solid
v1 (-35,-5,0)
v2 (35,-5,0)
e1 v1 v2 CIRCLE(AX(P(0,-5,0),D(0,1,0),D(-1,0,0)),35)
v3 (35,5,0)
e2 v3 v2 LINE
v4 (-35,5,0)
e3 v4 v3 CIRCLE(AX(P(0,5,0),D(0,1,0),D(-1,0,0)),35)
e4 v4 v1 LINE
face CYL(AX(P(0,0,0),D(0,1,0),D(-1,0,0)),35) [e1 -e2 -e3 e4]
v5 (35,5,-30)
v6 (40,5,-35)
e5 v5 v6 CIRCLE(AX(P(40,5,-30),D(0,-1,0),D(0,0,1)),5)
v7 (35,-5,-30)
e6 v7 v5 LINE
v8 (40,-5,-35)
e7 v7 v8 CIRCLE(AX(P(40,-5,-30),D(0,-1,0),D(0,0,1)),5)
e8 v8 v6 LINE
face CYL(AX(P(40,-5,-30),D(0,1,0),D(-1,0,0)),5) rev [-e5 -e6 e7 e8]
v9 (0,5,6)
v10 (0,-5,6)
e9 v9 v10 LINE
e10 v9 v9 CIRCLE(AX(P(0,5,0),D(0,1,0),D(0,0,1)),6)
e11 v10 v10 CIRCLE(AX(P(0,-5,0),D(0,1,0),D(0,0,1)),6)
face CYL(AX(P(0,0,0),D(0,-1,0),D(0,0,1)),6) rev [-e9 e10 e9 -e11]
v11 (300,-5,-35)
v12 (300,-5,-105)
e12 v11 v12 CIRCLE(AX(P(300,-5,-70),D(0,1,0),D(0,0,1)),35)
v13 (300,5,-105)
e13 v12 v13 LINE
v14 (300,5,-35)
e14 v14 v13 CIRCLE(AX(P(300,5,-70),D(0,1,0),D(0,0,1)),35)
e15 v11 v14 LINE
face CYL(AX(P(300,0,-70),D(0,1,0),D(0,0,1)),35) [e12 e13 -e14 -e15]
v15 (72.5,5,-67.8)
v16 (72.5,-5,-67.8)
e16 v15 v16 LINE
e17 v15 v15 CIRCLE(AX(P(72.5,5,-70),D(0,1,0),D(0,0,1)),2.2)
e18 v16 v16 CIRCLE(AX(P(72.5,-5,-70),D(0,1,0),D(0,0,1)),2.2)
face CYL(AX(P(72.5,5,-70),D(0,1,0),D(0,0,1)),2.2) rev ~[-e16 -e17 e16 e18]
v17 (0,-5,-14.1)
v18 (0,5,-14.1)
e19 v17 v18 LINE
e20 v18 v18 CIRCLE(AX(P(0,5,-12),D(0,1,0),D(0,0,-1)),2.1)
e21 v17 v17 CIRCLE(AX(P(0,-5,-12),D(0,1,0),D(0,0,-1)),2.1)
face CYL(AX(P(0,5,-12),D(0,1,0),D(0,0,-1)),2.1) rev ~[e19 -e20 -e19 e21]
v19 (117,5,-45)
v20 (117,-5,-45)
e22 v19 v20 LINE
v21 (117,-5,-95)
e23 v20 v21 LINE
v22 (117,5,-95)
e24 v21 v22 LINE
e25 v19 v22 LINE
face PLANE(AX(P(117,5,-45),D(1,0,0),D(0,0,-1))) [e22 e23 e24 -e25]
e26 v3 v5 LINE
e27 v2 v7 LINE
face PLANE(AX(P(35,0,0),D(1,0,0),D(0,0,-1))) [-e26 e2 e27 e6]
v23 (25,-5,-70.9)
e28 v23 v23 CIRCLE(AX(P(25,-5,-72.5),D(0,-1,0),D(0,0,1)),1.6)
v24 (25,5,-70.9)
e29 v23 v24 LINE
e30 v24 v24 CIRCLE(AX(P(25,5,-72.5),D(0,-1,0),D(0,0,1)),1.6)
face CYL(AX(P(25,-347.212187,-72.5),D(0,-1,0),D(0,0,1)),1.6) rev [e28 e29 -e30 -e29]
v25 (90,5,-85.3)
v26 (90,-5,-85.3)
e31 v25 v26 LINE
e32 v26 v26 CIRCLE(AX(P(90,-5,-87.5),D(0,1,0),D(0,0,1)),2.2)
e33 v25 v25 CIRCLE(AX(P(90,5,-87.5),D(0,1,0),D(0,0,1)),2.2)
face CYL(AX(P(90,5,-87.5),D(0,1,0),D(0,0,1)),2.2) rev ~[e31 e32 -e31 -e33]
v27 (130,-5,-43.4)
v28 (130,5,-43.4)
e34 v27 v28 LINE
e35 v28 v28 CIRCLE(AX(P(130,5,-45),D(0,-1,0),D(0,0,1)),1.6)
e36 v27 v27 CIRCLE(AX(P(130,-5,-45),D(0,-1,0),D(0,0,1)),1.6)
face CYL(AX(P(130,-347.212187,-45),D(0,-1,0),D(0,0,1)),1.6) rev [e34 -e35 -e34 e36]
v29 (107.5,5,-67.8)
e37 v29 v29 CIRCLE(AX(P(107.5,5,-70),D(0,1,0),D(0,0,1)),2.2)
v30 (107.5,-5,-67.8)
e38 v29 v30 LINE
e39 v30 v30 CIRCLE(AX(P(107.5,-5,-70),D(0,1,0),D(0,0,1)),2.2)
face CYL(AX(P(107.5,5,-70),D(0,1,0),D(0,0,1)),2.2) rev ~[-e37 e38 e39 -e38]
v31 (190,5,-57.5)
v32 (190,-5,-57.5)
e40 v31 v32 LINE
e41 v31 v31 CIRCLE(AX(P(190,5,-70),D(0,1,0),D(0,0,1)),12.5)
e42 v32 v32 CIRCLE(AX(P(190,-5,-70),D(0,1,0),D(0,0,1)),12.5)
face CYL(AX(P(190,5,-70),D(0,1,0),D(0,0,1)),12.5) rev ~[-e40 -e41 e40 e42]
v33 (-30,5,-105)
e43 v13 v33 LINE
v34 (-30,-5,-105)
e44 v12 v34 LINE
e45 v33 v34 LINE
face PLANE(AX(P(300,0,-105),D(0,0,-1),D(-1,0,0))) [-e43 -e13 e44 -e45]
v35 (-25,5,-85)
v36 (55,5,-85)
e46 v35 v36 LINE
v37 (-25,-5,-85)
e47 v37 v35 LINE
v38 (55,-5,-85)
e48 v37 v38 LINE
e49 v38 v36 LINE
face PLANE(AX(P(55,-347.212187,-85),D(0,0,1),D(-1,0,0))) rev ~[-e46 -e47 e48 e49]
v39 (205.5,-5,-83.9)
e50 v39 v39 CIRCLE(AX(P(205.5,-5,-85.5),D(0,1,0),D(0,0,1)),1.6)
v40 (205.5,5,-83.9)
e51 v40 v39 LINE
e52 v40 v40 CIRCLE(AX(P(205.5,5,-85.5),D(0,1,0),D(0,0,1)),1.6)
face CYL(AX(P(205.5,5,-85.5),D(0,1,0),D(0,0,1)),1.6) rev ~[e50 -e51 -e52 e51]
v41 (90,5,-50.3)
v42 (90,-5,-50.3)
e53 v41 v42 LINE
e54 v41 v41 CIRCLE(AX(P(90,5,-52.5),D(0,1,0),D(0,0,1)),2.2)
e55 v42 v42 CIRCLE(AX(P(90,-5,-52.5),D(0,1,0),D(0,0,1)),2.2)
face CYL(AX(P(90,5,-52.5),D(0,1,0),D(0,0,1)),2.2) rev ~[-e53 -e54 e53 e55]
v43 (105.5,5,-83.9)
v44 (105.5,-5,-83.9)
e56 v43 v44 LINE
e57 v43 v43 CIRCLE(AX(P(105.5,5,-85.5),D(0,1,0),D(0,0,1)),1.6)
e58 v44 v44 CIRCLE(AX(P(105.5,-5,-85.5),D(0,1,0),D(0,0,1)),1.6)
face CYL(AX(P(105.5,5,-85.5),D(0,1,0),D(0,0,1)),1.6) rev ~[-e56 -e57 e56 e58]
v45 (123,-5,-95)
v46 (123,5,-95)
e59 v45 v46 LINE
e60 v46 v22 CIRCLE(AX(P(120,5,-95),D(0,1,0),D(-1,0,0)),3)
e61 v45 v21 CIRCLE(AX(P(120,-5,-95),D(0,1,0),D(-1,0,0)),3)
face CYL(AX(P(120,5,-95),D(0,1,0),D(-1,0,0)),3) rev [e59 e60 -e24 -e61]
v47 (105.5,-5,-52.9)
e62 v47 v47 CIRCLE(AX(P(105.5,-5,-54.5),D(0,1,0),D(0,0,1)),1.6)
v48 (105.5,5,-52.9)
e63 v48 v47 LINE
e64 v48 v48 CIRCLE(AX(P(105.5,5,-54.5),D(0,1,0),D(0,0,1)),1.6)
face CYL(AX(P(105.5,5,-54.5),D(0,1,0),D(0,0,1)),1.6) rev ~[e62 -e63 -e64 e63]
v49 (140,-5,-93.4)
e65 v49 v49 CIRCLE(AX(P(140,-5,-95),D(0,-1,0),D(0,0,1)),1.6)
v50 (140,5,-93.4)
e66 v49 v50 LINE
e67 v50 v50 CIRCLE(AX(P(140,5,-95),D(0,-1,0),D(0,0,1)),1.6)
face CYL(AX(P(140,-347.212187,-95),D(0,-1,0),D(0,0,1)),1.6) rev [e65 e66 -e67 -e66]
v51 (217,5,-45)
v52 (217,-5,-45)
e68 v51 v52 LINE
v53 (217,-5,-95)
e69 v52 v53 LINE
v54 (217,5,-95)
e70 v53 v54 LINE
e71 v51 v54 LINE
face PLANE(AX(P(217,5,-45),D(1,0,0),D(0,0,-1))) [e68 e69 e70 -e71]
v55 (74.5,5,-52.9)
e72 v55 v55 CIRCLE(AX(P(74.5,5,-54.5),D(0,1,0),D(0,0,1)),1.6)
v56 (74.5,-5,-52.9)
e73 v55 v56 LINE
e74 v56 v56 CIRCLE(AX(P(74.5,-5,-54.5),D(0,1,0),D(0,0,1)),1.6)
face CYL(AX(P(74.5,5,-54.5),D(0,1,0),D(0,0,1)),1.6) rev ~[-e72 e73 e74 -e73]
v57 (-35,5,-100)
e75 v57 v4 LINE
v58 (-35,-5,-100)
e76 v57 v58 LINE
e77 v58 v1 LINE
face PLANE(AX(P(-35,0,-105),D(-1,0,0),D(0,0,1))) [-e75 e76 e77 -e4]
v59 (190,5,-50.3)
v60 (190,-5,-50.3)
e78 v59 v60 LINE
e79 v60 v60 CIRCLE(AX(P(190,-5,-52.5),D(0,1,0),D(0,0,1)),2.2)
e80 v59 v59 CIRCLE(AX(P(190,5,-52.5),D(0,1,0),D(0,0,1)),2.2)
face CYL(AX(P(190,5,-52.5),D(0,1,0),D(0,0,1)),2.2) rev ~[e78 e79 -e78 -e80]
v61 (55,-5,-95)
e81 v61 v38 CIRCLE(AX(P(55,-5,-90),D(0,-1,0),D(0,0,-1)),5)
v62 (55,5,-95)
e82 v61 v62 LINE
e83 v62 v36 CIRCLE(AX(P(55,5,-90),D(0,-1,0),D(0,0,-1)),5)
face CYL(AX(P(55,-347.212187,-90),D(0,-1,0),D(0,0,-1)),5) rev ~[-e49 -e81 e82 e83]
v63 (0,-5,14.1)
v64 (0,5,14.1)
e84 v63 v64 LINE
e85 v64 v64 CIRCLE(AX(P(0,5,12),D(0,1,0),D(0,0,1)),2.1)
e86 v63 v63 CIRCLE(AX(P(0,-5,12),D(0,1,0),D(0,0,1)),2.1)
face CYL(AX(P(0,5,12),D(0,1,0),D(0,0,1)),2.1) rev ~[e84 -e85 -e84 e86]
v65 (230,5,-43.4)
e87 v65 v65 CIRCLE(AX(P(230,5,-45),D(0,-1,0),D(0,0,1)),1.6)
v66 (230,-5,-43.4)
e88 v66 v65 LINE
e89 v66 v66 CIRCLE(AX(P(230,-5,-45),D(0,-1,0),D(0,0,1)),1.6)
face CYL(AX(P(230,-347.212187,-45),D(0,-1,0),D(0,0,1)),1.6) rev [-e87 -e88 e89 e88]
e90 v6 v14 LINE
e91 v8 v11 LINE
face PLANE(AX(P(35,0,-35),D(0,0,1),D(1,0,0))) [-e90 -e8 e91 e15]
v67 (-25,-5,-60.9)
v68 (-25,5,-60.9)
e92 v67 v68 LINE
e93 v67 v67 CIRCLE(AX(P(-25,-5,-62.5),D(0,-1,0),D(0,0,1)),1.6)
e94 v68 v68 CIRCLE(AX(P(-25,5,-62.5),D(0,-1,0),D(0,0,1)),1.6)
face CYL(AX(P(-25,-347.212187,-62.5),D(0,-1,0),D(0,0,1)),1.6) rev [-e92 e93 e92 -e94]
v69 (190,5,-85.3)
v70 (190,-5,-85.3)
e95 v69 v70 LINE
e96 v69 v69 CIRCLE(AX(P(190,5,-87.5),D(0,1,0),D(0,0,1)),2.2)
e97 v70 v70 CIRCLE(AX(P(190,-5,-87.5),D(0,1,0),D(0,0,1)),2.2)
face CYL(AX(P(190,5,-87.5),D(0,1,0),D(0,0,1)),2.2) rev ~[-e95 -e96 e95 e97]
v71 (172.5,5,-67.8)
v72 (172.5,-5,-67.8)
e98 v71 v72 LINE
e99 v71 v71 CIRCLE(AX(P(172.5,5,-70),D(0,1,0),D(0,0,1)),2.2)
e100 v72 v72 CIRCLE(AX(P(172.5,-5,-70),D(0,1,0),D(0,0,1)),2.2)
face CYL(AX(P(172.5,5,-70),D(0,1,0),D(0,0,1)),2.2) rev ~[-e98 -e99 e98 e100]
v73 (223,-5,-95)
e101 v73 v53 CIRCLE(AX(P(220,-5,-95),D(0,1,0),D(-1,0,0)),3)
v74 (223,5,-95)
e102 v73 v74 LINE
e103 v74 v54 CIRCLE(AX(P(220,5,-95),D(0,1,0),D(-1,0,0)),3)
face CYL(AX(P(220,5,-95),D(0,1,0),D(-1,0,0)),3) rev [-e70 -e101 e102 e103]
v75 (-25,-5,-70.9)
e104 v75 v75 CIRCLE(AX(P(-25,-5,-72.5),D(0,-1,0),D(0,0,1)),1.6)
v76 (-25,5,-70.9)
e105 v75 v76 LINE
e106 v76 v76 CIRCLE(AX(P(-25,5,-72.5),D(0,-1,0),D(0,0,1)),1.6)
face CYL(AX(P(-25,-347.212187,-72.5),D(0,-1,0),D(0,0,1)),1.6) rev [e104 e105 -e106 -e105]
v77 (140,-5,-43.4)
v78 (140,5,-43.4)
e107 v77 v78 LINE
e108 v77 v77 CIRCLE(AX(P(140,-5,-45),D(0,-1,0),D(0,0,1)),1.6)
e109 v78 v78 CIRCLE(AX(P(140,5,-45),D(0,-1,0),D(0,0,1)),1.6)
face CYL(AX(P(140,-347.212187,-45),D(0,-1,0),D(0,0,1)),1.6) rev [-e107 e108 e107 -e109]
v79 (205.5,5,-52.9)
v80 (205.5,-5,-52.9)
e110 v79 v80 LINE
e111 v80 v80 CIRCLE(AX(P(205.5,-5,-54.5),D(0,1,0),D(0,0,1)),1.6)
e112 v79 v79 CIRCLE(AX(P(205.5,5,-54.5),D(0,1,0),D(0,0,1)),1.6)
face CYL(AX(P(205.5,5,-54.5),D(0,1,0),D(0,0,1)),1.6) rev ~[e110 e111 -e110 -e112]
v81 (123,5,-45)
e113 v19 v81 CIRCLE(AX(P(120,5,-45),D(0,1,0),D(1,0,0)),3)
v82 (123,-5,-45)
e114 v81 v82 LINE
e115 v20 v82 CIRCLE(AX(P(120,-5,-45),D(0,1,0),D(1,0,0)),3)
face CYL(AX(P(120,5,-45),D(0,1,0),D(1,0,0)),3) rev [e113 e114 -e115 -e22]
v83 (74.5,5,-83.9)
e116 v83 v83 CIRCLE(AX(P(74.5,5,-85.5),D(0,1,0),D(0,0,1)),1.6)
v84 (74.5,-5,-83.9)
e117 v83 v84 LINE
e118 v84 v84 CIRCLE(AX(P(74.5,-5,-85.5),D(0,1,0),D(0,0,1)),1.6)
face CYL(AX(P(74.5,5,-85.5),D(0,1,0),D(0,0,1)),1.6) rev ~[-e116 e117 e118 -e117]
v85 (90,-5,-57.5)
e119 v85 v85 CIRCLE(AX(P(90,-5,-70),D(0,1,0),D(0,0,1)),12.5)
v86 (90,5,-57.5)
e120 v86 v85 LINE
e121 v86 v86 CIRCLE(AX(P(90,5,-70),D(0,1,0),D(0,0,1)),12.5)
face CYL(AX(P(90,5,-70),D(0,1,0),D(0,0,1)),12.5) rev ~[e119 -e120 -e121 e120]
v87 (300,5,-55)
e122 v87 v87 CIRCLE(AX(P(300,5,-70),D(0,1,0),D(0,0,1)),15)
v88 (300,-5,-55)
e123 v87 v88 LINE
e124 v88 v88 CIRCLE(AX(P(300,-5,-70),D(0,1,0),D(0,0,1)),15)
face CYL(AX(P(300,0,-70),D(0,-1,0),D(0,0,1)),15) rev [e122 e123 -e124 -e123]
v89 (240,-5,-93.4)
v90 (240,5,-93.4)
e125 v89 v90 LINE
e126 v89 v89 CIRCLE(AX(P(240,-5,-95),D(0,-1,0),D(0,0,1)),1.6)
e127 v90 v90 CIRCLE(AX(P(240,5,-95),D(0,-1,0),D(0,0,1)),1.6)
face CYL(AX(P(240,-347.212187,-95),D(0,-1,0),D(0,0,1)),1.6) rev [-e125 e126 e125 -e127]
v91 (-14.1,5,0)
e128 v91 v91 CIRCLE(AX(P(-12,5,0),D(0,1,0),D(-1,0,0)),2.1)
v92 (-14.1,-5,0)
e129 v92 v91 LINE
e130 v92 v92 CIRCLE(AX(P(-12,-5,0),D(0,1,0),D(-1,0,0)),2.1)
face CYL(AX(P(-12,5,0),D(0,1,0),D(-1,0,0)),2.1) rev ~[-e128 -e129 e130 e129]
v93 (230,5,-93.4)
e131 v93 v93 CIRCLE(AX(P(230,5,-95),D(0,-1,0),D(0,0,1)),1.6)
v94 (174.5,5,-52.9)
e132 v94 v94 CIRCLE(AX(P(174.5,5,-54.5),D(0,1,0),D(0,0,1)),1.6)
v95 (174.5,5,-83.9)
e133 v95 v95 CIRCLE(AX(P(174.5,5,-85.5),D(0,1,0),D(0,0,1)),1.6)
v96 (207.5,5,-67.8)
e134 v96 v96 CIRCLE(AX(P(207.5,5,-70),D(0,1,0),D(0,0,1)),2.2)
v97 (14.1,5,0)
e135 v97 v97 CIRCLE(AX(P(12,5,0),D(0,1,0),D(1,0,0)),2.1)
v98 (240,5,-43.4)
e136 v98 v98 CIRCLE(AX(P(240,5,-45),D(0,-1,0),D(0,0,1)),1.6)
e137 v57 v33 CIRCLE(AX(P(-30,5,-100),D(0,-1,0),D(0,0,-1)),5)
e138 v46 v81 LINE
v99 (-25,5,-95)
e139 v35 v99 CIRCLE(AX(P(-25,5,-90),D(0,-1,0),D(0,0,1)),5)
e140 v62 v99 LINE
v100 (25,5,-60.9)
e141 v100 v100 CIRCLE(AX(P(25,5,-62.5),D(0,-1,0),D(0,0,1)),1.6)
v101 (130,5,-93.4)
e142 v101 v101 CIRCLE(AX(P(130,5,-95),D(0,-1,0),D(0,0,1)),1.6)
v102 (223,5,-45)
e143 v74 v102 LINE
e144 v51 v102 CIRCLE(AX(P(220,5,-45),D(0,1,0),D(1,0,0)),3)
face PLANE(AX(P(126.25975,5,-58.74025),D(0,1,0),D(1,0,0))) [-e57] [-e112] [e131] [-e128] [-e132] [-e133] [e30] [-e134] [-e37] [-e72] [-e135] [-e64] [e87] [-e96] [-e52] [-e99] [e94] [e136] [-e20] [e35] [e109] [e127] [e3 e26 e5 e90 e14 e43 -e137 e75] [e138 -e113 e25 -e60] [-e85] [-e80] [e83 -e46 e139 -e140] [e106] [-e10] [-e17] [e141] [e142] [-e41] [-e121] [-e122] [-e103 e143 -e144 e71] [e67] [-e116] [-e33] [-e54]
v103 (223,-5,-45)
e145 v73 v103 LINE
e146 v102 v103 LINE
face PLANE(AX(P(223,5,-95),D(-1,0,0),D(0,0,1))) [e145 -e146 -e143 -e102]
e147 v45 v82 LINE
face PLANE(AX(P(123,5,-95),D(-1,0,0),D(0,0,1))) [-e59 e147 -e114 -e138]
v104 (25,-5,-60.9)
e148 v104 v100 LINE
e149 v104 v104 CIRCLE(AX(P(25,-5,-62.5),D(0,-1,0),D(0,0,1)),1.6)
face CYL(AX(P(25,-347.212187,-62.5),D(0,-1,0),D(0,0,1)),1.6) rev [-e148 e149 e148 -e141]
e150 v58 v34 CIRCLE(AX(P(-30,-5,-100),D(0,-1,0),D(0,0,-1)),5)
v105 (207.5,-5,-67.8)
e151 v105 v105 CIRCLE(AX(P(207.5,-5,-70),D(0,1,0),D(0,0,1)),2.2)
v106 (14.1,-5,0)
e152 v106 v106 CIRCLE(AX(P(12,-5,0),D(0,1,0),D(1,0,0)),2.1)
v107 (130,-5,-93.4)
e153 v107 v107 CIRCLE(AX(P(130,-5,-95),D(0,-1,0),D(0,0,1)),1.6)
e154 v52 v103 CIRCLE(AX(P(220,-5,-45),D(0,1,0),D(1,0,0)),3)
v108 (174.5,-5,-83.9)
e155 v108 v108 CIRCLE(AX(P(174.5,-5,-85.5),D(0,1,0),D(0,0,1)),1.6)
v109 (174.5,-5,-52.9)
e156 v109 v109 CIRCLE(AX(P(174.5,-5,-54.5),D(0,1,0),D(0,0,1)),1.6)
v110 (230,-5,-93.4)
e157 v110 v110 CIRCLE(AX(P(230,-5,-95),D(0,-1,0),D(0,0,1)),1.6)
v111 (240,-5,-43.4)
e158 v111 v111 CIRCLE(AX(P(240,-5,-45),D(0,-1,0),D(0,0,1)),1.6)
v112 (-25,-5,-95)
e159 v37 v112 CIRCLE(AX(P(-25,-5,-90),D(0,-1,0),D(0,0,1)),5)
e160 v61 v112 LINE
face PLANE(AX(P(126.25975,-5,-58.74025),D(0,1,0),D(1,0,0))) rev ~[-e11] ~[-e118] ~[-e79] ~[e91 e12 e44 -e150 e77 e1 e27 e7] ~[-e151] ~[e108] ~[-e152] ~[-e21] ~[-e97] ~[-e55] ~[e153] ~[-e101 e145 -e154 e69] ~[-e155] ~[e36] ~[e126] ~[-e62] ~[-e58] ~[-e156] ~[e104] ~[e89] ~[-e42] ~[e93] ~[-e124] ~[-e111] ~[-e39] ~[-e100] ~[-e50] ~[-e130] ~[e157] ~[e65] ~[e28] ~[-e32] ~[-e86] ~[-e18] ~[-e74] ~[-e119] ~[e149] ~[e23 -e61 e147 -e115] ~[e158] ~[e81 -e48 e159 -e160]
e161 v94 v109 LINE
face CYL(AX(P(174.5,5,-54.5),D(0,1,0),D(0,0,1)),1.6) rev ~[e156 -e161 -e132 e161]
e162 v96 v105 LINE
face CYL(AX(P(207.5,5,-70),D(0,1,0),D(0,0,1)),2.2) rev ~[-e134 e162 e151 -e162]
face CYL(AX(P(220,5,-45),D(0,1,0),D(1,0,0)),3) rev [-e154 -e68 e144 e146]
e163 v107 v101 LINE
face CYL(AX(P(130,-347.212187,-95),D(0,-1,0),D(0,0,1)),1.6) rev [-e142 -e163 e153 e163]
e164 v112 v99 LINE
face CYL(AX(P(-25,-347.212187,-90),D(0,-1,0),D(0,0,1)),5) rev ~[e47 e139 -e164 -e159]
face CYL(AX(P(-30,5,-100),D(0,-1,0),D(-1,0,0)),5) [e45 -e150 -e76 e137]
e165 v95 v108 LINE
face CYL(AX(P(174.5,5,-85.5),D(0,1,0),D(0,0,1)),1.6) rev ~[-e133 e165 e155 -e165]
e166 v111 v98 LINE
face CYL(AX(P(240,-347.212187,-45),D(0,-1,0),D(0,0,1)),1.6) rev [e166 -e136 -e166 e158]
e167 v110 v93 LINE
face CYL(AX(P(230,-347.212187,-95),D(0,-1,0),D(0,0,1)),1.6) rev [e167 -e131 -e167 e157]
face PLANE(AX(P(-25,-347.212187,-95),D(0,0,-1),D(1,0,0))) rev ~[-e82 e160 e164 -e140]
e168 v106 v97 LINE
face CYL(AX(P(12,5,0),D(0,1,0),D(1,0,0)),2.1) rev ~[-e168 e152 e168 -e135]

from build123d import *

# Parameters (mm, degrees)
SKETCH1_R               = 6
SKETCH1_R_2             = 15
BOSS_EXTRUDE1_DEPTH     = 5
FILLET1_R               = 5
SKETCH3_R               = 2.1
CUT_EXTRUDE1_DEPTH      = 352.212186577
CIRPATTERN1_COUNT       = 4
CUT_EXTRUDE2_DEPTH      = 352.212186577
CUT_EXTRUDE2_DEPTH_BACK = 352.212186577
SKETCH4_R               = 1.6
SKETCH5_R               = 1.6
SKETCH5_R_2             = 12.5
CUT_EXTRUDE3_DEPTH      = 352.212186577
SKETCH7_R               = 2.2
CUT_EXTRUDE5_DEPTH      = 352.212186577
LPATTERN1_COUNT         = 2
LPATTERN1_PITCH         = 100
CUT_EXTRUDE4_DEPTH      = 352.212186577
CUT_EXTRUDE4_DEPTH_BACK = 352.212186577


with BuildPart() as part:
    # Sketch1 → Boss-Extrude1 (new, symmetric)
    with BuildSketch(Plane(origin=(0, 0, 0), x_dir=(1, 0, 0), z_dir=(0, 1, 0))):
        with BuildLine():
            Line((35, 0), (35, 35))
            Line((35, 35), (300, 35))
            ThreePointArc((300, 35), (335, 70), (300, 105))
            Line((300, 105), (-35, 105))
            Line((-35, 105), (-35, 0))
            ThreePointArc((-35, 0), (0, -35), (35, 0))
        make_face()
        with Locations(Location((0, 0, 0), (0, 0, 270))):
            Circle(SKETCH1_R, mode=Mode.SUBTRACT)
        with Locations(Location((300, 70, 0), (0, 0, 270))):
            Circle(SKETCH1_R_2, mode=Mode.SUBTRACT)
    extrude(amount=BOSS_EXTRUDE1_DEPTH, both=True)

    # Fillet1
    fillet1_edges = [part.edges().sort_by_distance(p)[0] for p in [
        (-35, 0, -105),
        (35, 0, -35),
    ]]
    fillet(fillet1_edges, radius=FILLET1_R)

    # Sketch3 → Cut-Extrude1 (cut, symmetric)
    with BuildSketch(Plane(origin=(0, 5, 0), x_dir=(1, 0, 0), z_dir=(0, 1, 0))):
        with Locations(Location((0, -12, 0), (0, 0, 270))):
            Circle(SKETCH3_R)
    cut_extrude1 = extrude(amount=CUT_EXTRUDE1_DEPTH, both=True, mode=Mode.SUBTRACT)

    # CirPattern1: Cut-Extrude1 ×4 about axis
    cirpattern1_axis = Axis((0, 0, 0), (0, 1, 0))
    for i in range(1, CIRPATTERN1_COUNT):
        add(cut_extrude1.rotate(cirpattern1_axis, i * 360 / CIRPATTERN1_COUNT), mode=Mode.SUBTRACT)

    # Sketch4 → Cut-Extrude2 (cut, two sides: drawn at the far end of the back side and taken through both)
    with BuildSketch(Plane(origin=(0, 5, 0), x_dir=(1, 0, 0), z_dir=(0, 1, 0)).offset(-CUT_EXTRUDE2_DEPTH_BACK)):
        with Locations(Location((230, 95, 0), (0, 0, 270))):
            Circle(SKETCH4_R)
        with Locations(Location((240, 95, 0), (0, 0, 270))):
            Circle(SKETCH4_R)
        with Locations(Location((230, 45, 0), (0, 0, 270))):
            Circle(SKETCH4_R)
        with Locations(Location((240, 45, 0), (0, 0, 270))):
            Circle(SKETCH4_R)
        with Locations(Location((-25, 72.5, 0), (0, 0, 270))):
            Circle(SKETCH4_R)
        with Locations(Location((25, 72.5, 0), (0, 0, 270))):
            Circle(SKETCH4_R)
        with Locations(Location((-25, 62.5, 0), (0, 0, 270))):
            Circle(SKETCH4_R)
        with Locations(Location((25, 62.5, 0), (0, 0, 270))):
            Circle(SKETCH4_R)
        with Locations(Location((130, 95, 0), (0, 0, 270))):
            Circle(SKETCH4_R)
        with Locations(Location((140, 95, 0), (0, 0, 270))):
            Circle(SKETCH4_R)
        with Locations(Location((130, 45, 0), (0, 0, 270))):
            Circle(SKETCH4_R)
        with Locations(Location((140, 45, 0), (0, 0, 270))):
            Circle(SKETCH4_R)
    extrude(amount=CUT_EXTRUDE2_DEPTH + CUT_EXTRUDE2_DEPTH_BACK, mode=Mode.SUBTRACT)

    # Sketch5 → Cut-Extrude3 (cut, symmetric)
    with BuildSketch(Plane(origin=(0, 5, 0), x_dir=(1, 0, 0), z_dir=(0, 1, 0))):
        with Locations(Location((174.5, 85.5, 0), (0, 0, 270))):
            Circle(SKETCH5_R)
        with Locations(Location((174.5, 54.5, 0), (0, 0, 270))):
            Circle(SKETCH5_R)
        with Locations(Location((205.5, 54.5, 0), (0, 0, 270))):
            Circle(SKETCH5_R)
        with Locations(Location((205.5, 85.5, 0), (0, 0, 270))):
            Circle(SKETCH5_R)
        with Locations(Location((190, 70, 0), (0, 0, 270))):
            Circle(SKETCH5_R_2)
        with BuildLine():
            Line((223, 95), (223, 45))
            ThreePointArc((223, 45), (220, 42), (217, 45))
            Line((217, 45), (217, 95))
            ThreePointArc((217, 95), (220, 98), (223, 95))
        make_face()
    cut_extrude3 = extrude(amount=CUT_EXTRUDE3_DEPTH, both=True, mode=Mode.SUBTRACT)

    # Sketch7 → Cut-Extrude5 (cut, through all)
    with BuildSketch(Plane(origin=(0, 5, 0), x_dir=(1, 0, 0), z_dir=(0, 1, 0))):
        with Locations(Location((190, 87.5, 0), (0, 0, 270))):
            Circle(SKETCH7_R)
        with Locations(Location((172.5, 70, 0), (0, 0, 270))):
            Circle(SKETCH7_R)
        with Locations(Location((190, 52.5, 0), (0, 0, 270))):
            Circle(SKETCH7_R)
        with Locations(Location((207.5, 70, 0), (0, 0, 270))):
            Circle(SKETCH7_R)
    cut_extrude5 = extrude(amount=-CUT_EXTRUDE5_DEPTH, mode=Mode.SUBTRACT)

    # LPattern1: Cut-Extrude3, Cut-Extrude5 ×2
    with Locations(*[(-i * LPATTERN1_PITCH, 0, 0) for i in range(1, LPATTERN1_COUNT)]):
        add(cut_extrude3, mode=Mode.SUBTRACT)
        add(cut_extrude5, mode=Mode.SUBTRACT)

    # Sketch6 → Cut-Extrude4 (cut, two sides: drawn at the far end of the back side and taken through both)
    with BuildSketch(Plane(origin=(0, 5, 0), x_dir=(1, 0, 0), z_dir=(0, 1, 0)).offset(-CUT_EXTRUDE4_DEPTH_BACK)):
        with BuildLine():
            Line((-25, 95), (55, 95))
            ThreePointArc((55, 95), (60, 90), (55, 85))
            Line((55, 85), (-25, 85))
            ThreePointArc((-25, 85), (-30, 90), (-25, 95))
        make_face()
    extrude(amount=CUT_EXTRUDE4_DEPTH + CUT_EXTRUDE4_DEPTH_BACK, mode=Mode.SUBTRACT)


solid = part.part
